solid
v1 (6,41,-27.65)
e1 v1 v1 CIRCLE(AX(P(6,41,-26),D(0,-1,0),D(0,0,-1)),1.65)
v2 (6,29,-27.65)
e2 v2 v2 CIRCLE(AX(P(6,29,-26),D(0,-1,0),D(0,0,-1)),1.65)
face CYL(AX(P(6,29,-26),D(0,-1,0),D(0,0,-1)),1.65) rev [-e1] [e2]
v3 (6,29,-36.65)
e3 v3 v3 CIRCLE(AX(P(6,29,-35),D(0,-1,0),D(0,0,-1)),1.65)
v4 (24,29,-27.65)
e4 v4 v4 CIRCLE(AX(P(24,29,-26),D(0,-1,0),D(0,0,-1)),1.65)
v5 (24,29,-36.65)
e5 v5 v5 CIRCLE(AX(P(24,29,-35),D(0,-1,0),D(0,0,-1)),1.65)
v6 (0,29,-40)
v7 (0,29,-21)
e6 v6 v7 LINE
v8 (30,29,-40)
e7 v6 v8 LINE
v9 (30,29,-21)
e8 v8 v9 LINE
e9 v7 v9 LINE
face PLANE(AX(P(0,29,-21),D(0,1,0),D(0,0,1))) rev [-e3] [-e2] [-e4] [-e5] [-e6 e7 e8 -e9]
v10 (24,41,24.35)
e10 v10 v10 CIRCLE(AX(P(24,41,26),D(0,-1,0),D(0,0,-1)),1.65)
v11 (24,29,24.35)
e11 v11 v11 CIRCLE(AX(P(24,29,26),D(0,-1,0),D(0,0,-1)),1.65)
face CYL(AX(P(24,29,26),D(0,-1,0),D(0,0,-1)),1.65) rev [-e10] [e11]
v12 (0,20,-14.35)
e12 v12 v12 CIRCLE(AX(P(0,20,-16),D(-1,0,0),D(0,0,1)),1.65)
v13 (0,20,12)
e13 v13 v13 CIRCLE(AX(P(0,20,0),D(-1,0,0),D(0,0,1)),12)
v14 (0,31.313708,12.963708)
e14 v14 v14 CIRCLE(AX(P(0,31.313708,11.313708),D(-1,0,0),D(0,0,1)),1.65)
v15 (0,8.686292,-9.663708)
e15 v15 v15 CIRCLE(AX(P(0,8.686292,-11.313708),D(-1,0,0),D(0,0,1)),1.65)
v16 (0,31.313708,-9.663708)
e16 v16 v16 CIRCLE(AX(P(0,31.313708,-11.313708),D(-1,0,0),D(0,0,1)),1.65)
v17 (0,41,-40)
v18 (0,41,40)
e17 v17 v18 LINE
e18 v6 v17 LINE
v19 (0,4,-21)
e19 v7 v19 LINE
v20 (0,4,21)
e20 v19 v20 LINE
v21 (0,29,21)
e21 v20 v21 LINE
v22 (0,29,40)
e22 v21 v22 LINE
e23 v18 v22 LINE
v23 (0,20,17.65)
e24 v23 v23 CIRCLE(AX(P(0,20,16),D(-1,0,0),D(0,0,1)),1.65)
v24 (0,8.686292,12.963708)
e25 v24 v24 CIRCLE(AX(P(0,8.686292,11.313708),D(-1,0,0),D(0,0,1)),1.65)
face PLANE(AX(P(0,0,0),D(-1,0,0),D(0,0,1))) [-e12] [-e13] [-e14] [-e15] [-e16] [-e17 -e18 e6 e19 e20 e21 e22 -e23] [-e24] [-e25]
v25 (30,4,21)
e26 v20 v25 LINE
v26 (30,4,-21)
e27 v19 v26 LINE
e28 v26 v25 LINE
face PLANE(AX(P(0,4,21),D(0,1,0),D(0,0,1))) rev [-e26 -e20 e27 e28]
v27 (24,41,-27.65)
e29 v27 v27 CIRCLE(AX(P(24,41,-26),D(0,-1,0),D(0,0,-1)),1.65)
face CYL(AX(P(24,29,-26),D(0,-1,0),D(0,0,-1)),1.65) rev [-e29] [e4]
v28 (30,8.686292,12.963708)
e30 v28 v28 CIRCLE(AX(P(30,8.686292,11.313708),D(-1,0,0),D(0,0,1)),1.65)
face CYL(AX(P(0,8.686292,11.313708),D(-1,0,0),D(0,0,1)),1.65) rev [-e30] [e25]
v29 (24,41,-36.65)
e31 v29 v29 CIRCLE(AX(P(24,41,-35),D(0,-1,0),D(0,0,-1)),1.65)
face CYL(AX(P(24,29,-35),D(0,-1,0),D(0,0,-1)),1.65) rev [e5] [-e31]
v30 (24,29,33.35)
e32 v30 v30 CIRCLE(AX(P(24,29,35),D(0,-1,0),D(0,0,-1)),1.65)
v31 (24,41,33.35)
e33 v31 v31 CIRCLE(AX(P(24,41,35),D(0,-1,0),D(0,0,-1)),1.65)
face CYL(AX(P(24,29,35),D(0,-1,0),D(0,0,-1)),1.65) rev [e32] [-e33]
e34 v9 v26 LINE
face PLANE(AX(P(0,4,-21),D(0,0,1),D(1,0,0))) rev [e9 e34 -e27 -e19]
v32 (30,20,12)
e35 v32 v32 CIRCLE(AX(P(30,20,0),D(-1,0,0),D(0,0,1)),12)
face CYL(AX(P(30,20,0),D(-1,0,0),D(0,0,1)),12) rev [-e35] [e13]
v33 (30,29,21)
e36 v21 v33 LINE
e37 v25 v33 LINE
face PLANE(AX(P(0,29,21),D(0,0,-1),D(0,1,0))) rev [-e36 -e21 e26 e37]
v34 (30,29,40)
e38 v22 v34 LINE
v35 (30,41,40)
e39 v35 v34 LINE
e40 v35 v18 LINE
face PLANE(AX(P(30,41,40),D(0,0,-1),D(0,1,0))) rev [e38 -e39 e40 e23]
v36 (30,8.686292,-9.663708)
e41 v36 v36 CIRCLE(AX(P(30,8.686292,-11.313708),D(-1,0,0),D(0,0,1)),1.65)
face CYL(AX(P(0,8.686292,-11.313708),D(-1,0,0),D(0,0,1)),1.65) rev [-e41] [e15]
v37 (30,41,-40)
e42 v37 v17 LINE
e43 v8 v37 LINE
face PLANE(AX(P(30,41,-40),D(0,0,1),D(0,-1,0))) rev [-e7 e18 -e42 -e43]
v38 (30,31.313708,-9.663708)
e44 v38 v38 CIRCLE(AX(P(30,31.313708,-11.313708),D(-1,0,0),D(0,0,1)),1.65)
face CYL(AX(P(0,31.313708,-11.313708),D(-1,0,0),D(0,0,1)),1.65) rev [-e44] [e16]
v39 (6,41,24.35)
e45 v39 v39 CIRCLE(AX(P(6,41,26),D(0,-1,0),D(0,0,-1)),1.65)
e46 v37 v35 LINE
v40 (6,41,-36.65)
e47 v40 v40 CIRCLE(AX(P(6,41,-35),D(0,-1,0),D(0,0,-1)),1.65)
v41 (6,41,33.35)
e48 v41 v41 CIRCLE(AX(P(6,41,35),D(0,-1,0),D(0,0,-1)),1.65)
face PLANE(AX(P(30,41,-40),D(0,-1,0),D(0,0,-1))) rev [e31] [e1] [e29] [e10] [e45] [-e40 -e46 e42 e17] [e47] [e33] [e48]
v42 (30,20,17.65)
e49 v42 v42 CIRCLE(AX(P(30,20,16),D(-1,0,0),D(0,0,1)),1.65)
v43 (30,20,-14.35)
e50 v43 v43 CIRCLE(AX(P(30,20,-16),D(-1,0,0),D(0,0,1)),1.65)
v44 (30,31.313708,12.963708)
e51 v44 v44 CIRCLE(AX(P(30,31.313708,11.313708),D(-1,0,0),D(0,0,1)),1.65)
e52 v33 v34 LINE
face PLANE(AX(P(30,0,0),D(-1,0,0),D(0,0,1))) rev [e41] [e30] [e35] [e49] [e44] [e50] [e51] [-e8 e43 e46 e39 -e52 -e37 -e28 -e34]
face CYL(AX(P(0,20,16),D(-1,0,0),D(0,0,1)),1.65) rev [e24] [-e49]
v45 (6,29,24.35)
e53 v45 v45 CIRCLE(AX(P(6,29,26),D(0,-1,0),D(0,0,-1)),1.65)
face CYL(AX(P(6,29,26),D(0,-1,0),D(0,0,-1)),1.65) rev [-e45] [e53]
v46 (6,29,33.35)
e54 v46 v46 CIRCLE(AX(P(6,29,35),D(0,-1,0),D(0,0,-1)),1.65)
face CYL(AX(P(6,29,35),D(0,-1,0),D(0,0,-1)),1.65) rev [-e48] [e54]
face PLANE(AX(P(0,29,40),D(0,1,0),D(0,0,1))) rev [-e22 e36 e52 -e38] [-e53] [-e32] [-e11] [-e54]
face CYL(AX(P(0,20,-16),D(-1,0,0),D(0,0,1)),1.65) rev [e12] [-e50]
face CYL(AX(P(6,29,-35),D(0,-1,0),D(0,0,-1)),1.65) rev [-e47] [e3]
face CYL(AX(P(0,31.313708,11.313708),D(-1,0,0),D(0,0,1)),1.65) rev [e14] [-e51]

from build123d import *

# Parameters (mm, degrees)
SKETCH_2_W          = 80
SKETCH_2_H          = 82
EXTRUDE_2_DEPTH     = 30
SKETCH_3_R          = 12
CUT_EXTRUDE_1_DEPTH = 65.660652641
CUT_EXTRUDE_2_DEPTH = 65.660652641
HOLE_WIZARD_M4_1_D  = 3.3
HOLE_WIZARD_M4_2_D  = 3.3


with BuildPart() as part:
    # 草图2 → 凸台-拉伸2 (new body)
    with BuildSketch(Plane(origin=(0, 0, 0), x_dir=(0, 0, -1), z_dir=(1, 0, 0))):
        Rectangle(SKETCH_2_W, SKETCH_2_H)
    extrude(amount=EXTRUDE_2_DEPTH)

    # 草图3 → 切除-拉伸1 (cut, through all)
    with BuildSketch(Plane.ZY):
        with Locations((0, 20)):
            Circle(SKETCH_3_R)
    extrude(amount=-CUT_EXTRUDE_1_DEPTH, mode=Mode.SUBTRACT)

    # 草图7 → 切除-拉伸2 (cut, through all)
    with BuildSketch(Plane(origin=(30, 0, 0), x_dir=(0, 0, -1), z_dir=(1, 0, 0))):
        Polygon((-40, 29), (-21, 29), (-21, 4), (21, 4), (21, 29), (40, 29), (40, -41), (-40, -41), align=None)
    extrude(amount=-CUT_EXTRUDE_2_DEPTH, mode=Mode.SUBTRACT)

    # M4 螺纹孔1 (through all)
    with Locations(Plane.ZY):
        with Locations((-11.313708499, 31.313708499), (11.313708499, 8.686291501), (11.313708499, 31.313708499), (16, 20), (-11.313708499, 8.686291501), (-16, 20)):
            Hole(HOLE_WIZARD_M4_1_D / 2)

    # M4 螺纹孔2 (through all)
    with Locations(Plane(origin=(0, 29, 0), x_dir=(-1, 0, 0), z_dir=(0, -1, 0))):
        with Locations((-24, 35), (-6, 35), (-6, 26), (-24, 26), (-6, -35), (-6, -26), (-24, -26), (-24, -35)):
            Hole(HOLE_WIZARD_M4_2_D / 2)


solid = part.part
